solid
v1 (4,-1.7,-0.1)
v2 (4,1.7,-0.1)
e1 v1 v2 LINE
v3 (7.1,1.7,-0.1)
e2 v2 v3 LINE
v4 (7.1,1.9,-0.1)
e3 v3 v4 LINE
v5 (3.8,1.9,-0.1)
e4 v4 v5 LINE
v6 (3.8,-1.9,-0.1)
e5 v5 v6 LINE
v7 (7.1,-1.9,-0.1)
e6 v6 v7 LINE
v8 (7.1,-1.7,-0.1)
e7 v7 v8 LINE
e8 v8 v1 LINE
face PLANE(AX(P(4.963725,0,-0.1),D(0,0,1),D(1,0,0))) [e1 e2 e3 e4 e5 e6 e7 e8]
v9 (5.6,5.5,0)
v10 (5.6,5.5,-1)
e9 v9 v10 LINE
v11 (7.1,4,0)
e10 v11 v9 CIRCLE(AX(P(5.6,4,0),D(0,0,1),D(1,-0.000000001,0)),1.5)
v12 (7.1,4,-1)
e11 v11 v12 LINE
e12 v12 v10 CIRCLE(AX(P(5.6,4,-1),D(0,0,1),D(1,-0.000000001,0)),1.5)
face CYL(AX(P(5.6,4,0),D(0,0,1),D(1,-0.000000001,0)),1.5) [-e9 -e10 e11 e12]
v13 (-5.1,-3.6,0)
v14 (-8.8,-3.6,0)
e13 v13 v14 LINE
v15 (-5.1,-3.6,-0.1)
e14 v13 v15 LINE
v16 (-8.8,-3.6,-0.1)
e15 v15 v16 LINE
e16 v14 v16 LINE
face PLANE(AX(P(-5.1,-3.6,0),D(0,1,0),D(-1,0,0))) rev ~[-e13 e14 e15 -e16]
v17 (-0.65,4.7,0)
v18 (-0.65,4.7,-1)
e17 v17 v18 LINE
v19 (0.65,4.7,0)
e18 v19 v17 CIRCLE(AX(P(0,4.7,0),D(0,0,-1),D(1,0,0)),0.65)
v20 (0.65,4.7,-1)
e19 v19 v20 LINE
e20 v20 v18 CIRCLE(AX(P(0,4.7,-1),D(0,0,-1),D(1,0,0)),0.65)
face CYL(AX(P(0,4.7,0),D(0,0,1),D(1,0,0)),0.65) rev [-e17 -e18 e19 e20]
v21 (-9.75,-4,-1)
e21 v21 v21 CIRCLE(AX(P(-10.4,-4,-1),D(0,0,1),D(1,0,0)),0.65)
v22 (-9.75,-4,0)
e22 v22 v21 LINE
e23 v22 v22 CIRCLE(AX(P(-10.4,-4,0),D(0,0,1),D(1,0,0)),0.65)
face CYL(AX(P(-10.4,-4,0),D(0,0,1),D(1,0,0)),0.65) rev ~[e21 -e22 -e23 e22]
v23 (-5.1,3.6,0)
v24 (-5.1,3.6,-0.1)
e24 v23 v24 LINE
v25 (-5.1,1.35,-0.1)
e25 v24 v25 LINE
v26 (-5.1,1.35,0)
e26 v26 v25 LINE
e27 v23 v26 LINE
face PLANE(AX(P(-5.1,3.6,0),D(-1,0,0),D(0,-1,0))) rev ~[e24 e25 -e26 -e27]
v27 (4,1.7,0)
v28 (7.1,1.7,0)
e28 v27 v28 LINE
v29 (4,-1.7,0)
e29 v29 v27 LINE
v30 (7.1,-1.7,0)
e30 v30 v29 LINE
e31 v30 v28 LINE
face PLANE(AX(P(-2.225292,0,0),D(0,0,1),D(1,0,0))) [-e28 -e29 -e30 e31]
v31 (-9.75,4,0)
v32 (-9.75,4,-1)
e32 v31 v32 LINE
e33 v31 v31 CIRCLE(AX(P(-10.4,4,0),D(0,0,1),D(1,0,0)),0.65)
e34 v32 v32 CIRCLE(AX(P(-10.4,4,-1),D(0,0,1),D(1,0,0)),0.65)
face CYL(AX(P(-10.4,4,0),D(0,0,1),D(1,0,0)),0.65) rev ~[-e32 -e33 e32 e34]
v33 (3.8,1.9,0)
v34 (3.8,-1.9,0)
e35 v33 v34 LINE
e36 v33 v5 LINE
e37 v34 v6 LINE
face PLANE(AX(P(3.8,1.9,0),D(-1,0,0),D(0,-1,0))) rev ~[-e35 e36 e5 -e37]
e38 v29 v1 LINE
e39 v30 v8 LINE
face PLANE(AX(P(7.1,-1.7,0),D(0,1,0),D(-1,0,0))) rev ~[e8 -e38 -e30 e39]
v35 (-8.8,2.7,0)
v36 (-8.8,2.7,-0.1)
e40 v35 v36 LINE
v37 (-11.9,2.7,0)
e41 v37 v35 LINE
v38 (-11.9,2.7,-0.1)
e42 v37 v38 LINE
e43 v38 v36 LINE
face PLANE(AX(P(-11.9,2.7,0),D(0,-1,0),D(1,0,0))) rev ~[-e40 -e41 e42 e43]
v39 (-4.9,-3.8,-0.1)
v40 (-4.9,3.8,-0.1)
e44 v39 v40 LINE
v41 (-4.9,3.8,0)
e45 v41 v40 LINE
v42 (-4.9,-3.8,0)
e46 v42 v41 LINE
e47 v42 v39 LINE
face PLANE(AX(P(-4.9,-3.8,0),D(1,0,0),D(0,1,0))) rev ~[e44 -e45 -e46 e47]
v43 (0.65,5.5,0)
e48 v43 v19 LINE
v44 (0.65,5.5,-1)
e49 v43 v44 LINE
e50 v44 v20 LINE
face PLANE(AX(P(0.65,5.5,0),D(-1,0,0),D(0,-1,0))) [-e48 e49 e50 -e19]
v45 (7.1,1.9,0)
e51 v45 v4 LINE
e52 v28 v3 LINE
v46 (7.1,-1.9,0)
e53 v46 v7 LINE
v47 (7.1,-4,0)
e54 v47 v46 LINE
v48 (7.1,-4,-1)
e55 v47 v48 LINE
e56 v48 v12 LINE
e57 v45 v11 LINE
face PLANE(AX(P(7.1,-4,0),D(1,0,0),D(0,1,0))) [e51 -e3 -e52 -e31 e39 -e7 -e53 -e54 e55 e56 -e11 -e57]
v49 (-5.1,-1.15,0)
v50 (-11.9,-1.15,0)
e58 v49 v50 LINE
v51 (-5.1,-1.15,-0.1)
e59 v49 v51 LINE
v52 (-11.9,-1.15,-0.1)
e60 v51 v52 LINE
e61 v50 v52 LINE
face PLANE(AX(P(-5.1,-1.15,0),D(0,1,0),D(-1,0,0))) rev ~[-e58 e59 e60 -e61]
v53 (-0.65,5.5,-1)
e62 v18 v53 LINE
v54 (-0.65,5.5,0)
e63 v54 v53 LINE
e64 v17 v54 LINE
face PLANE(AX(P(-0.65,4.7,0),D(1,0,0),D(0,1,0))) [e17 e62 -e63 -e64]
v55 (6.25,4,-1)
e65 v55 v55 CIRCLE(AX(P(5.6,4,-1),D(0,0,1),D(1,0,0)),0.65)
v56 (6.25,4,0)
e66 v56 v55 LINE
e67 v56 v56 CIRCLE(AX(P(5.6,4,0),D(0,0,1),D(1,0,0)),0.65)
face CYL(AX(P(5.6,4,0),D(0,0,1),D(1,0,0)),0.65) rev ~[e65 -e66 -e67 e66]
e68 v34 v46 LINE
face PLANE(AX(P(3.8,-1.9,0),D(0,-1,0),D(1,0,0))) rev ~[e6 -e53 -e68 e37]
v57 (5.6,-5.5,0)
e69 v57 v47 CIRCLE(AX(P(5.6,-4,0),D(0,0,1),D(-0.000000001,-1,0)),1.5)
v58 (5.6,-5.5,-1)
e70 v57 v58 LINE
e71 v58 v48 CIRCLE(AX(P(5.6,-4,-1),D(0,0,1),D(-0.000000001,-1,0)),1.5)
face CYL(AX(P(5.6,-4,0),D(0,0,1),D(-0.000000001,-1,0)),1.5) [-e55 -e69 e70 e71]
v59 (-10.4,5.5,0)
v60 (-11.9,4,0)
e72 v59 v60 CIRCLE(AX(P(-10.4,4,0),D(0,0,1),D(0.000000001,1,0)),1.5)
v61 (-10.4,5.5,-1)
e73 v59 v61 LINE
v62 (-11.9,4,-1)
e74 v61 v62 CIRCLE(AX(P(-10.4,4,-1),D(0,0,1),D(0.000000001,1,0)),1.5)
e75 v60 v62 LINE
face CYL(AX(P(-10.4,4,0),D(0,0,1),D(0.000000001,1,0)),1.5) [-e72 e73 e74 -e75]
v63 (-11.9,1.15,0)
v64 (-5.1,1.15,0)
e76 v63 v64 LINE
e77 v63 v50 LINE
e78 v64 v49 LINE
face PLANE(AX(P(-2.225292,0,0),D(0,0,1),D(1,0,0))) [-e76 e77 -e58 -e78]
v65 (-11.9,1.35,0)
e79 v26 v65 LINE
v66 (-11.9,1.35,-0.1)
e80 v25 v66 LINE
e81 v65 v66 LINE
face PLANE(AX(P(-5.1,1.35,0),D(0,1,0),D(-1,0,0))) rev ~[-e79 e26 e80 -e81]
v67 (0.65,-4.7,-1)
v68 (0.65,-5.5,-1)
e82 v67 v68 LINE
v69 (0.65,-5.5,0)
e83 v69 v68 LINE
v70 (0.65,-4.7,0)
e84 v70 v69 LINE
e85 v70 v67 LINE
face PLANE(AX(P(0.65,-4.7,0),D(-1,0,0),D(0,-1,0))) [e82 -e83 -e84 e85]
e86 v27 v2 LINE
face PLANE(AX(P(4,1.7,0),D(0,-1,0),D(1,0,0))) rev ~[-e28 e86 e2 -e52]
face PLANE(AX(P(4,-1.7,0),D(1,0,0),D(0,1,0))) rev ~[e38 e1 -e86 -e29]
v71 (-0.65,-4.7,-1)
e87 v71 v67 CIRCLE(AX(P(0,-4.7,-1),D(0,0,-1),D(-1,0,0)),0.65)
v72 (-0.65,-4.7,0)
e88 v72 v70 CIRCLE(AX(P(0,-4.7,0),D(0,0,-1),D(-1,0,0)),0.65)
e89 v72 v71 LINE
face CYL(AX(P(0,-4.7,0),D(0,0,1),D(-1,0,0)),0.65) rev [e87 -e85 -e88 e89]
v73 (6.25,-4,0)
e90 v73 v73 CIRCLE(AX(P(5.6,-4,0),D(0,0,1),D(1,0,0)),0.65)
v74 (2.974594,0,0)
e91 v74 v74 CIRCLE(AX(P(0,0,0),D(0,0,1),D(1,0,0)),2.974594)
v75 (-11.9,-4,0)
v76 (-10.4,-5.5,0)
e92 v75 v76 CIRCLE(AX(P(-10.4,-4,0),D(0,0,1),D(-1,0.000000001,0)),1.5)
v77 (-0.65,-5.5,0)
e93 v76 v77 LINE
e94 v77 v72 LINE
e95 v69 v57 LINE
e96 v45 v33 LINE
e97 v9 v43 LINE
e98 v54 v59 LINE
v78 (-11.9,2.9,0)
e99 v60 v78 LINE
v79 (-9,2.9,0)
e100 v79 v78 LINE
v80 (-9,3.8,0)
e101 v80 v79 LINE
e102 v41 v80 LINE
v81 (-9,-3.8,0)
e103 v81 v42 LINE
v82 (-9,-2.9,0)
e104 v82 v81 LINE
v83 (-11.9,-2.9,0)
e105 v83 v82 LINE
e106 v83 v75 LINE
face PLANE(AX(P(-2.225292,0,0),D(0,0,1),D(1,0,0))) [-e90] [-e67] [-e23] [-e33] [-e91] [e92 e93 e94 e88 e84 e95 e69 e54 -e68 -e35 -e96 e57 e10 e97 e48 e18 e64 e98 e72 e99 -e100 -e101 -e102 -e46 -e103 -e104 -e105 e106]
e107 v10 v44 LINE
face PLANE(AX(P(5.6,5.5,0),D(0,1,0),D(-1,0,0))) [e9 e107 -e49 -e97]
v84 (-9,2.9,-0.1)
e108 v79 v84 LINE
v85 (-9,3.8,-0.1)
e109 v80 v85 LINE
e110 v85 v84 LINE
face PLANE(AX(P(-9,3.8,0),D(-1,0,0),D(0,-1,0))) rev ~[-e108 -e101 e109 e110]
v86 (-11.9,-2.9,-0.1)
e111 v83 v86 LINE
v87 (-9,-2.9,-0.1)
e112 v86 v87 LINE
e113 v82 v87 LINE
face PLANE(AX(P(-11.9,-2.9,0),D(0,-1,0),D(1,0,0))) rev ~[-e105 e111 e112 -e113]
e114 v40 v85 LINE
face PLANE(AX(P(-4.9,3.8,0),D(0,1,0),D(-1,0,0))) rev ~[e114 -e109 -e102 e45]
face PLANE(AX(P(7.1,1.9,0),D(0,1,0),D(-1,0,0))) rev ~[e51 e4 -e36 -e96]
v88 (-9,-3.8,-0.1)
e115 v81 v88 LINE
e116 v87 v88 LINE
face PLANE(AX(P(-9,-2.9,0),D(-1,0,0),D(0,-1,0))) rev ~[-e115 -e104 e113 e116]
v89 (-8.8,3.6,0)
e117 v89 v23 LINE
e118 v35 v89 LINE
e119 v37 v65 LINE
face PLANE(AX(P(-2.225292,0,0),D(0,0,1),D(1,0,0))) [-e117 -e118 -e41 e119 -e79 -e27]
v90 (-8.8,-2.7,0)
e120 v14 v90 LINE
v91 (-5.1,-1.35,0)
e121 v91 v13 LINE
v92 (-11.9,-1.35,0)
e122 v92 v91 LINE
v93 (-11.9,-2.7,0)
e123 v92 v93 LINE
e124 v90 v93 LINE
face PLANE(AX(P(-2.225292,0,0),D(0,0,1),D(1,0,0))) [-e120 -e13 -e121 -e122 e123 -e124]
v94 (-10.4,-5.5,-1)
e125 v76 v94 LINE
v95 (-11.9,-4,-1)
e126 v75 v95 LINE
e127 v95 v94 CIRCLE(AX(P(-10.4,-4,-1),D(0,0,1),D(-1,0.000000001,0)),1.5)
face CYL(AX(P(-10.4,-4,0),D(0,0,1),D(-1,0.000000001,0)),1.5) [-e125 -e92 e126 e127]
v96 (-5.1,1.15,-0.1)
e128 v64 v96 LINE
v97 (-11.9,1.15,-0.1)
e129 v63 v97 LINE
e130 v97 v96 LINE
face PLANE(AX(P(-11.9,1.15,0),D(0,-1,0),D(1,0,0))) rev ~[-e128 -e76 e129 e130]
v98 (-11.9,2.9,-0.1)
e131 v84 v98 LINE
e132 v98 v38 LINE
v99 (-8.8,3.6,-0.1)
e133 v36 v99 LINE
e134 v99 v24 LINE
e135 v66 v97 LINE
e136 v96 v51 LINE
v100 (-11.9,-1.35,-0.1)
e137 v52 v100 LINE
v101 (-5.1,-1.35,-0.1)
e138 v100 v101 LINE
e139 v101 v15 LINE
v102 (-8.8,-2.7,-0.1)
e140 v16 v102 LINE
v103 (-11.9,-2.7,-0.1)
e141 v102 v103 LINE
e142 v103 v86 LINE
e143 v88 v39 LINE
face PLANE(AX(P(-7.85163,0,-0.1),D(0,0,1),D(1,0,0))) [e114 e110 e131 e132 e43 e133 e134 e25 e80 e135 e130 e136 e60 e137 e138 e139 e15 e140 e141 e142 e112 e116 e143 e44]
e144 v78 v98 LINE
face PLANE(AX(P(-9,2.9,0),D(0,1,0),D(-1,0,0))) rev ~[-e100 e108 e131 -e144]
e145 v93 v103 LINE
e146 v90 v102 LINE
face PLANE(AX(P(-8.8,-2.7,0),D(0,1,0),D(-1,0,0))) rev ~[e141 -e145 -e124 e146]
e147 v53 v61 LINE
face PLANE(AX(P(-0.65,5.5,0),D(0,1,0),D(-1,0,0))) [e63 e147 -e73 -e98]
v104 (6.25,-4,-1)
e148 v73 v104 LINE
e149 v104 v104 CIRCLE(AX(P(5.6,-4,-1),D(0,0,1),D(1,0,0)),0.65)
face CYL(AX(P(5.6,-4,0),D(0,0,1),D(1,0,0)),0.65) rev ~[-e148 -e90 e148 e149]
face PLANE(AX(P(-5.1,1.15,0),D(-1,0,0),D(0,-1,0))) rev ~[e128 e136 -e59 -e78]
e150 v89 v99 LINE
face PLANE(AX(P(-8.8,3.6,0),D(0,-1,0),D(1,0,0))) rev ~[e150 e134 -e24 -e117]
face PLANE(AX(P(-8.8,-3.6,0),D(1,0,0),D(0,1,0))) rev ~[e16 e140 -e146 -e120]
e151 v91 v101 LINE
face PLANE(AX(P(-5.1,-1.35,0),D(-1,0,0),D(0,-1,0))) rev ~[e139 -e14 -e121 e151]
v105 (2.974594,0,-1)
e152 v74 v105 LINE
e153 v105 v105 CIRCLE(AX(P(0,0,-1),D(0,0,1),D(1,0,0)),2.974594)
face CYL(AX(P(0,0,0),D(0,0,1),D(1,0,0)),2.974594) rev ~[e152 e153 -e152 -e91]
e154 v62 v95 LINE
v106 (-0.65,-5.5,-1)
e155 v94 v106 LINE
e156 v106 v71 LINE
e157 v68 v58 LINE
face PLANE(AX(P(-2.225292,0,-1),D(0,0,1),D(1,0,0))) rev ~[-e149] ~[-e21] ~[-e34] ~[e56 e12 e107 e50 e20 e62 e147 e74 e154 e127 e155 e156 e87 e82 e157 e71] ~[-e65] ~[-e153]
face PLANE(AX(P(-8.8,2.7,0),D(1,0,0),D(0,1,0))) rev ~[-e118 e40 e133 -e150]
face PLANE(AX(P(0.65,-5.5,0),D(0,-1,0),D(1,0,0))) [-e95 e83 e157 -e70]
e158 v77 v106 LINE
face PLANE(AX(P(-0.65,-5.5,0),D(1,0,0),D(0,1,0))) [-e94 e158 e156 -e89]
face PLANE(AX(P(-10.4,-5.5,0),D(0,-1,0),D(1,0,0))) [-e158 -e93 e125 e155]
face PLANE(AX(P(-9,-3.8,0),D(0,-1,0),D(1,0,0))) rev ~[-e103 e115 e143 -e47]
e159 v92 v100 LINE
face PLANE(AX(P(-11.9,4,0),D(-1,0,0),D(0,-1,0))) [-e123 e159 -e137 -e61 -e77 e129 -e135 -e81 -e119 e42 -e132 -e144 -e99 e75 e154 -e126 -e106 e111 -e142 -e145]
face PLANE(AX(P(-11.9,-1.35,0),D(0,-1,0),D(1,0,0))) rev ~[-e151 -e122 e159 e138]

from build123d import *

# Parameters (mm, degrees)
MODEL_R             = 0.65
MODEL_R_2           = 2.974594
EXTRUDE_1_DEPTH     = 1
CUT_EXTRUDE_1_DEPTH = 0.1


with BuildPart() as part:
    # Model → Бобышка-Вытянуть1 (new body)
    with BuildSketch(Plane.XY):
        with BuildLine():
            Line((-10.4, -5.5), (-4.7, -5.5))
            Line((-4.7, -5.5), (-0.65, -5.5))
            Line((-0.65, -5.5), (-0.65, -4.7))
            ThreePointArc((-0.65, -4.7), (0, -4.05), (0.65, -4.7))
            Line((0.65, -4.7), (0.65, -5.5))
            Line((0.65, -5.5), (3.6, -5.5))
            Line((3.6, -5.5), (5.6, -5.5))
            ThreePointArc((5.6, -5.5), (6.660660172, -5.060660172), (7.1, -4))
            Line((7.1, -4), (7.1, -1.6))
            Line((7.1, -1.6), (7.1, 1.6))
            Line((7.1, 1.6), (7.1, 4))
            ThreePointArc((7.1, 4), (6.660660172, 5.060660172), (5.6, 5.5))
            Line((5.6, 5.5), (3.6, 5.5))
            Line((3.6, 5.5), (0.65, 5.5))
            Line((0.65, 5.5), (0.65, 4.7))
            ThreePointArc((0.65, 4.7), (0, 4.05), (-0.65, 4.7))
            Line((-0.65, 4.7), (-0.65, 5.5))
            Line((-0.65, 5.5), (-4.7, 5.5))
            Line((-4.7, 5.5), (-10.4, 5.5))
            ThreePointArc((-10.4, 5.5), (-11.460660172, 5.060660172), (-11.9, 4))
            Line((-11.9, 4), (-11.9, 2.6))
            Line((-11.9, 2.6), (-11.9, 1.5))
            Line((-11.9, 1.5), (-11.9, 1))
            Line((-11.9, 1), (-11.9, -1))
            Line((-11.9, -1), (-11.9, -1.5))
            Line((-11.9, -1.5), (-11.9, -2.6))
            Line((-11.9, -2.6), (-11.9, -4))
            ThreePointArc((-11.9, -4), (-11.460660172, -5.060660172), (-10.4, -5.5))
        make_face()
        with Locations((5.6, -4)):
            Circle(MODEL_R, mode=Mode.SUBTRACT)
        Circle(MODEL_R_2, mode=Mode.SUBTRACT)
        with Locations((5.6, 4)):
            Circle(MODEL_R, mode=Mode.SUBTRACT)
        with Locations((-10.4, -4)):
            Circle(MODEL_R, mode=Mode.SUBTRACT)
        with Locations((-10.4, 4)):
            Circle(MODEL_R, mode=Mode.SUBTRACT)
    extrude(amount=-EXTRUDE_1_DEPTH)

    # Model<3> → Вырез-Вытянуть1 (cut)
    with BuildSketch(Plane.XY):
        Polygon((-11.9, -2.7), (-11.9, -2.900000006), (-9.000000006, -2.900000006), (-9.000000006, -3.800000006), (-4.899999994, -3.800000006), (-4.899999994, 3.800000006), (-9.000000006, 3.800000006), (-9.000000006, 2.900000006), (-11.9, 2.900000006), (-11.9, 2.7), (-8.8, 2.7), (-8.8, 3.6), (-5.1, 3.6), (-5.1, 1.35), (-11.9, 1.35), (-11.9, 1.15), (-5.1, 1.15), (-5.1, -1.15), (-11.9, -1.15), (-11.9, -1.35), (-5.1, -1.35), (-5.1, -3.6), (-8.8, -3.6), (-8.8, -2.7), align=None)
        Polygon((3.799999994, -1.900000006), (7.1, -1.900000006), (7.1, -1.7), (4, -1.7), (4, 1.7), (7.1, 1.7), (7.1, 1.900000006), (3.799999994, 1.900000006), align=None)
    extrude(amount=-CUT_EXTRUDE_1_DEPTH, mode=Mode.SUBTRACT)


solid = part.part
